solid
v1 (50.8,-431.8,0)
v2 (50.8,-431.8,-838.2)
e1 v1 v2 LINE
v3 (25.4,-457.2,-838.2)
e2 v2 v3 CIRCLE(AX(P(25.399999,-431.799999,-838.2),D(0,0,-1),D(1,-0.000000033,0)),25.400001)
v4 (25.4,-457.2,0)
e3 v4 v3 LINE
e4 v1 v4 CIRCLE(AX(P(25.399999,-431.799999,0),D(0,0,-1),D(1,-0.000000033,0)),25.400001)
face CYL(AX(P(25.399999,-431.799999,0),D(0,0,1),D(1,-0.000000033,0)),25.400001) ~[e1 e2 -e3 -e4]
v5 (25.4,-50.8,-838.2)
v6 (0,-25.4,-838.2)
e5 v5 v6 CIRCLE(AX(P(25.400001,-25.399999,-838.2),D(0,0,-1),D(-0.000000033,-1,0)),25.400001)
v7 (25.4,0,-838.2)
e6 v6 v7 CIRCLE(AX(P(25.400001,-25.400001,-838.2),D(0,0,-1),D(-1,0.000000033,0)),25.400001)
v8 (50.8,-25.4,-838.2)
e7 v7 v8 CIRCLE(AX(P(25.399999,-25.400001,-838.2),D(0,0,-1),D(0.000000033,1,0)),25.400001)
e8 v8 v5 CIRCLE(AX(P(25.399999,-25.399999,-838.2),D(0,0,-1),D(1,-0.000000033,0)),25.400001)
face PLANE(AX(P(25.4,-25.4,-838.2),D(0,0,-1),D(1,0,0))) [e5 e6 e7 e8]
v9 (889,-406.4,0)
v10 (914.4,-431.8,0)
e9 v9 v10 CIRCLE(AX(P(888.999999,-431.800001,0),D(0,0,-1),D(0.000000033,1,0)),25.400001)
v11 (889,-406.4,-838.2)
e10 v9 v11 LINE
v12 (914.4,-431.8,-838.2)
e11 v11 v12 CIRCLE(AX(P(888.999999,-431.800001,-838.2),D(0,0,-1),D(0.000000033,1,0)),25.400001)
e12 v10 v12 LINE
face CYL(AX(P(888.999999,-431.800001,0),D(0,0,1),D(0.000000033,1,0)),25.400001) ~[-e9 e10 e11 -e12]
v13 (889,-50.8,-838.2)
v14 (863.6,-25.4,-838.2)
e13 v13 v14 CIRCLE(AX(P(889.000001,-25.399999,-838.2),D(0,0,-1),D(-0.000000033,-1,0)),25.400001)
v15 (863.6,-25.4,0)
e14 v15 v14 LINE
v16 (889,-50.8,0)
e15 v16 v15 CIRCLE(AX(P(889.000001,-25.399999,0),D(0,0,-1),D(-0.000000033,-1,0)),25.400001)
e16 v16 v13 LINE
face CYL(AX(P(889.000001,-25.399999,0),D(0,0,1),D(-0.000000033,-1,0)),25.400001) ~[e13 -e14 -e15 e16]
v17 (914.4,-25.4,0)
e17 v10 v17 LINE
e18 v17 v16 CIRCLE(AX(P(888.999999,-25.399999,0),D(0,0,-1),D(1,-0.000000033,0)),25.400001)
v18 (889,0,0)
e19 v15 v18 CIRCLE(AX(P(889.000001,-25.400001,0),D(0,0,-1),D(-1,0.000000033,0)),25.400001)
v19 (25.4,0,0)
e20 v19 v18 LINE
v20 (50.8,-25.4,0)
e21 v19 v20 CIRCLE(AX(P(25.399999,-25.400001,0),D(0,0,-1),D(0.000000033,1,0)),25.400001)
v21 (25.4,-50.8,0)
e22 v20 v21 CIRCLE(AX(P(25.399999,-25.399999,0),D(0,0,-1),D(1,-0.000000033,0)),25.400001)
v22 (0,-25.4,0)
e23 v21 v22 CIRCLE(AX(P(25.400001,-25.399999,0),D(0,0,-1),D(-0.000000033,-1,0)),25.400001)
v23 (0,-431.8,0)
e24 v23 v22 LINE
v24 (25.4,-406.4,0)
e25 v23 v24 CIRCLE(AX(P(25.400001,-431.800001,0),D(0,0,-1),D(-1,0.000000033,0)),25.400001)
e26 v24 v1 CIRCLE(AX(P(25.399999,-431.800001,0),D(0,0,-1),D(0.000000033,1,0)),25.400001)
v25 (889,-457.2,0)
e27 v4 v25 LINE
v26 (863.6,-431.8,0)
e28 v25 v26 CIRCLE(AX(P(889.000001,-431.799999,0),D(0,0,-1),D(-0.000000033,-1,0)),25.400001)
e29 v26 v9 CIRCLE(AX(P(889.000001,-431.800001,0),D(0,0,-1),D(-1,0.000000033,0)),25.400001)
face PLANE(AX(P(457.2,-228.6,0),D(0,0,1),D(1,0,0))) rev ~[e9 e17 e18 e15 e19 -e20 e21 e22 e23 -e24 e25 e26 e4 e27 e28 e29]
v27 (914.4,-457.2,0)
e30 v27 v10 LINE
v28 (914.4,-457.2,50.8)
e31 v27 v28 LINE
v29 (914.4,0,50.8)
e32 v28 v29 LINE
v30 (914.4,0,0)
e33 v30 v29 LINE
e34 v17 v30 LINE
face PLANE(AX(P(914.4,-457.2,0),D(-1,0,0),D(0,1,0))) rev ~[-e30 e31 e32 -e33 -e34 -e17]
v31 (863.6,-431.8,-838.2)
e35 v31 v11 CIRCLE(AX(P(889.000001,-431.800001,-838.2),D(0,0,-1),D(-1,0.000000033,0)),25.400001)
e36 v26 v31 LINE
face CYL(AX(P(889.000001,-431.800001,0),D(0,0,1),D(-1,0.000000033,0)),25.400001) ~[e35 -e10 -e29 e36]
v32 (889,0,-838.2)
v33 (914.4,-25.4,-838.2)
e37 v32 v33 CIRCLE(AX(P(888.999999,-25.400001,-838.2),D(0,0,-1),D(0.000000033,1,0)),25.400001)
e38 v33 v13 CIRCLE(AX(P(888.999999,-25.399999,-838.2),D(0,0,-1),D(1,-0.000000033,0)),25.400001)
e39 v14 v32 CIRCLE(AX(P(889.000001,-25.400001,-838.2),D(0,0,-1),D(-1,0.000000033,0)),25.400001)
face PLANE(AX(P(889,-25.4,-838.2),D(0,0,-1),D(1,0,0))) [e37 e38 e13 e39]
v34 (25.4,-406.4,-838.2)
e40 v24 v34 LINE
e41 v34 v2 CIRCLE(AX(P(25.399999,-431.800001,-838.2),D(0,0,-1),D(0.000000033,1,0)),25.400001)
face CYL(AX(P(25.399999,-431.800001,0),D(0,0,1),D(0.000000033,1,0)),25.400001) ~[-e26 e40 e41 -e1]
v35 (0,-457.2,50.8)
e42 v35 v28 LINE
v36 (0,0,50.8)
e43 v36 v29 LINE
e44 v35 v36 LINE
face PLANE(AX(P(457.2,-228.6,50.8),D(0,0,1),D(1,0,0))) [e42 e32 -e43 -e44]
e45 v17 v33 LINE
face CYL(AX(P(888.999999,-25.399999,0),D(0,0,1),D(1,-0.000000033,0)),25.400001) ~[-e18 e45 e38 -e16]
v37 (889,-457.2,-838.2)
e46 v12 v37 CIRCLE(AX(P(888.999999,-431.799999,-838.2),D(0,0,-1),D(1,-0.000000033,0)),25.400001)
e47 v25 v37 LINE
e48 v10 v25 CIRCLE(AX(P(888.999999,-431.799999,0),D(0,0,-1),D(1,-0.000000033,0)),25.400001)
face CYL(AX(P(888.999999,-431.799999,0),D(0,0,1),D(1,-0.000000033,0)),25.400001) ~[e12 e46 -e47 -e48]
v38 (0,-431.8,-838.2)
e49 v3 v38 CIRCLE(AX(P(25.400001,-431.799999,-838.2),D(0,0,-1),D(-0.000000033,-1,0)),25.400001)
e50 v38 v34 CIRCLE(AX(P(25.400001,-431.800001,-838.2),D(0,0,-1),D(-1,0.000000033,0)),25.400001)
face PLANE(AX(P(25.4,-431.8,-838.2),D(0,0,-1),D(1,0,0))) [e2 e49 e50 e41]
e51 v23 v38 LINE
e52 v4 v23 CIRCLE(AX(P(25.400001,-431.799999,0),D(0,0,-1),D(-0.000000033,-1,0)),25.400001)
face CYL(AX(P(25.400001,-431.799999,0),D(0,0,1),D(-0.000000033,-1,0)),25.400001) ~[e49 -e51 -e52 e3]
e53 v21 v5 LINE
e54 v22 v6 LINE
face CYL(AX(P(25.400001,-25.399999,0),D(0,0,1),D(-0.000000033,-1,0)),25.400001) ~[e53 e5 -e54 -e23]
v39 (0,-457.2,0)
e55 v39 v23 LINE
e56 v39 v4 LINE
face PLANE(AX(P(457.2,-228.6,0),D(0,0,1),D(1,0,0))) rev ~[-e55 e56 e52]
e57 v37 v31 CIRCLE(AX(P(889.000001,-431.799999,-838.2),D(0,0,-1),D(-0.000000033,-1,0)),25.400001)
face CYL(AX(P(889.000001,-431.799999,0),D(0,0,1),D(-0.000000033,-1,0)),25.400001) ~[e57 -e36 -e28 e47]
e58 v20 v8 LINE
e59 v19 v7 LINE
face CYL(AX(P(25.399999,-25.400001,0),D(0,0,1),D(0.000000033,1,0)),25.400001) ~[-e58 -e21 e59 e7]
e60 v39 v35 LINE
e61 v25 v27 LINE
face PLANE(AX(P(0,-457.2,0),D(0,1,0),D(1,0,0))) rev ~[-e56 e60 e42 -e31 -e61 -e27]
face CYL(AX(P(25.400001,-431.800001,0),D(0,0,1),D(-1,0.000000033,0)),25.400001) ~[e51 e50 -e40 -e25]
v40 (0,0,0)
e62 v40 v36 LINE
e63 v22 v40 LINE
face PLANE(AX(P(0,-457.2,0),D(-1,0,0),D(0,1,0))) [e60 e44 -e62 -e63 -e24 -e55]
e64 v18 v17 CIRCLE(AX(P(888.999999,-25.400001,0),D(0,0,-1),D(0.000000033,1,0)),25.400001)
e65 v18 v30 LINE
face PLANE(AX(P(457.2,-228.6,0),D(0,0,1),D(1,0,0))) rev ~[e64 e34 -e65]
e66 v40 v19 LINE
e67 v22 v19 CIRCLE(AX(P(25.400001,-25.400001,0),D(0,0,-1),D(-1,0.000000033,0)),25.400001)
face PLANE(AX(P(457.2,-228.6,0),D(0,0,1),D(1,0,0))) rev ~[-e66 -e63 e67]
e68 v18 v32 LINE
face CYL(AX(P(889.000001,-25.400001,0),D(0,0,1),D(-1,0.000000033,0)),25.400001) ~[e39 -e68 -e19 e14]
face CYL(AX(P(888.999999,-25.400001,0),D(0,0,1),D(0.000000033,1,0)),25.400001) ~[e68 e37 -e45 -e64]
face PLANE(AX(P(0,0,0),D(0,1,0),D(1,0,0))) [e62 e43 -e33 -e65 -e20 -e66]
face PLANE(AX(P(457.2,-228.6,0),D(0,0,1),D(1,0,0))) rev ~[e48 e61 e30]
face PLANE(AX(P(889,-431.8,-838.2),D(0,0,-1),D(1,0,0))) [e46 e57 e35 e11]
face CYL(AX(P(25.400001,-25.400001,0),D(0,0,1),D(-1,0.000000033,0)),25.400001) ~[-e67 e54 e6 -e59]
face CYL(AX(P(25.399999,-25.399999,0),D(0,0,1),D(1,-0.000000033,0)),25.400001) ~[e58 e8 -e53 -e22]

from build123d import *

# Parameters (mm, degrees)
F0_W     = 914.4
F0_H     = 457.2
F1_DEPTH = 50.8
F3_DEPTH = 838.2


with BuildPart() as f1:
    # F0 (on Top) → F1 (new body)
    with BuildSketch(Plane.XY):
        with Locations((457.2, -228.6)):
            Rectangle(F0_W, F0_H)
    extrude(amount=F1_DEPTH)

    # F2 (on face) → F3 (join)
    with BuildSketch(Plane(origin=(0, 0, 0), x_dir=(1, 0, 0), z_dir=(0, 0, -1))):
        with BuildLine():
            ThreePointArc((914.4, 431.8), (906.960512, 449.760512), (889, 457.2))
            ThreePointArc((889, 457.2), (871.039488, 449.760512), (863.6, 431.8))
            ThreePointArc((863.6, 431.8), (871.039488, 413.839488), (889, 406.4))
            ThreePointArc((889, 406.4), (906.960512, 413.839488), (914.4, 431.8))
        make_face()
        with BuildLine():
            ThreePointArc((914.4, 25.4), (906.960512, 43.360512), (889, 50.8))
            ThreePointArc((889, 50.8), (871.039488, 43.360512), (863.6, 25.4))
            ThreePointArc((863.6, 25.4), (871.039488, 7.439488), (889, 0))
            ThreePointArc((889, 0), (906.960512, 7.439488), (914.4, 25.4))
        make_face()
        with BuildLine():
            ThreePointArc((50.8, 25.4), (43.360512, 43.360512), (25.4, 50.8))
            ThreePointArc((25.4, 50.8), (7.439488, 43.360512), (0, 25.4))
            ThreePointArc((0, 25.4), (7.439488, 7.439488), (25.4, 0))
            ThreePointArc((25.4, 0), (43.360512, 7.439488), (50.8, 25.4))
        make_face()
        with BuildLine():
            ThreePointArc((50.8, 431.8), (43.360512, 449.760512), (25.4, 457.2))
            ThreePointArc((25.4, 457.2), (7.439488, 449.760512), (0, 431.8))
            ThreePointArc((0, 431.8), (7.439488, 413.839488), (25.4, 406.4))
            ThreePointArc((25.4, 406.4), (43.360512, 413.839488), (50.8, 431.8))
        make_face()
    extrude(amount=F3_DEPTH)


solid = f1.part
